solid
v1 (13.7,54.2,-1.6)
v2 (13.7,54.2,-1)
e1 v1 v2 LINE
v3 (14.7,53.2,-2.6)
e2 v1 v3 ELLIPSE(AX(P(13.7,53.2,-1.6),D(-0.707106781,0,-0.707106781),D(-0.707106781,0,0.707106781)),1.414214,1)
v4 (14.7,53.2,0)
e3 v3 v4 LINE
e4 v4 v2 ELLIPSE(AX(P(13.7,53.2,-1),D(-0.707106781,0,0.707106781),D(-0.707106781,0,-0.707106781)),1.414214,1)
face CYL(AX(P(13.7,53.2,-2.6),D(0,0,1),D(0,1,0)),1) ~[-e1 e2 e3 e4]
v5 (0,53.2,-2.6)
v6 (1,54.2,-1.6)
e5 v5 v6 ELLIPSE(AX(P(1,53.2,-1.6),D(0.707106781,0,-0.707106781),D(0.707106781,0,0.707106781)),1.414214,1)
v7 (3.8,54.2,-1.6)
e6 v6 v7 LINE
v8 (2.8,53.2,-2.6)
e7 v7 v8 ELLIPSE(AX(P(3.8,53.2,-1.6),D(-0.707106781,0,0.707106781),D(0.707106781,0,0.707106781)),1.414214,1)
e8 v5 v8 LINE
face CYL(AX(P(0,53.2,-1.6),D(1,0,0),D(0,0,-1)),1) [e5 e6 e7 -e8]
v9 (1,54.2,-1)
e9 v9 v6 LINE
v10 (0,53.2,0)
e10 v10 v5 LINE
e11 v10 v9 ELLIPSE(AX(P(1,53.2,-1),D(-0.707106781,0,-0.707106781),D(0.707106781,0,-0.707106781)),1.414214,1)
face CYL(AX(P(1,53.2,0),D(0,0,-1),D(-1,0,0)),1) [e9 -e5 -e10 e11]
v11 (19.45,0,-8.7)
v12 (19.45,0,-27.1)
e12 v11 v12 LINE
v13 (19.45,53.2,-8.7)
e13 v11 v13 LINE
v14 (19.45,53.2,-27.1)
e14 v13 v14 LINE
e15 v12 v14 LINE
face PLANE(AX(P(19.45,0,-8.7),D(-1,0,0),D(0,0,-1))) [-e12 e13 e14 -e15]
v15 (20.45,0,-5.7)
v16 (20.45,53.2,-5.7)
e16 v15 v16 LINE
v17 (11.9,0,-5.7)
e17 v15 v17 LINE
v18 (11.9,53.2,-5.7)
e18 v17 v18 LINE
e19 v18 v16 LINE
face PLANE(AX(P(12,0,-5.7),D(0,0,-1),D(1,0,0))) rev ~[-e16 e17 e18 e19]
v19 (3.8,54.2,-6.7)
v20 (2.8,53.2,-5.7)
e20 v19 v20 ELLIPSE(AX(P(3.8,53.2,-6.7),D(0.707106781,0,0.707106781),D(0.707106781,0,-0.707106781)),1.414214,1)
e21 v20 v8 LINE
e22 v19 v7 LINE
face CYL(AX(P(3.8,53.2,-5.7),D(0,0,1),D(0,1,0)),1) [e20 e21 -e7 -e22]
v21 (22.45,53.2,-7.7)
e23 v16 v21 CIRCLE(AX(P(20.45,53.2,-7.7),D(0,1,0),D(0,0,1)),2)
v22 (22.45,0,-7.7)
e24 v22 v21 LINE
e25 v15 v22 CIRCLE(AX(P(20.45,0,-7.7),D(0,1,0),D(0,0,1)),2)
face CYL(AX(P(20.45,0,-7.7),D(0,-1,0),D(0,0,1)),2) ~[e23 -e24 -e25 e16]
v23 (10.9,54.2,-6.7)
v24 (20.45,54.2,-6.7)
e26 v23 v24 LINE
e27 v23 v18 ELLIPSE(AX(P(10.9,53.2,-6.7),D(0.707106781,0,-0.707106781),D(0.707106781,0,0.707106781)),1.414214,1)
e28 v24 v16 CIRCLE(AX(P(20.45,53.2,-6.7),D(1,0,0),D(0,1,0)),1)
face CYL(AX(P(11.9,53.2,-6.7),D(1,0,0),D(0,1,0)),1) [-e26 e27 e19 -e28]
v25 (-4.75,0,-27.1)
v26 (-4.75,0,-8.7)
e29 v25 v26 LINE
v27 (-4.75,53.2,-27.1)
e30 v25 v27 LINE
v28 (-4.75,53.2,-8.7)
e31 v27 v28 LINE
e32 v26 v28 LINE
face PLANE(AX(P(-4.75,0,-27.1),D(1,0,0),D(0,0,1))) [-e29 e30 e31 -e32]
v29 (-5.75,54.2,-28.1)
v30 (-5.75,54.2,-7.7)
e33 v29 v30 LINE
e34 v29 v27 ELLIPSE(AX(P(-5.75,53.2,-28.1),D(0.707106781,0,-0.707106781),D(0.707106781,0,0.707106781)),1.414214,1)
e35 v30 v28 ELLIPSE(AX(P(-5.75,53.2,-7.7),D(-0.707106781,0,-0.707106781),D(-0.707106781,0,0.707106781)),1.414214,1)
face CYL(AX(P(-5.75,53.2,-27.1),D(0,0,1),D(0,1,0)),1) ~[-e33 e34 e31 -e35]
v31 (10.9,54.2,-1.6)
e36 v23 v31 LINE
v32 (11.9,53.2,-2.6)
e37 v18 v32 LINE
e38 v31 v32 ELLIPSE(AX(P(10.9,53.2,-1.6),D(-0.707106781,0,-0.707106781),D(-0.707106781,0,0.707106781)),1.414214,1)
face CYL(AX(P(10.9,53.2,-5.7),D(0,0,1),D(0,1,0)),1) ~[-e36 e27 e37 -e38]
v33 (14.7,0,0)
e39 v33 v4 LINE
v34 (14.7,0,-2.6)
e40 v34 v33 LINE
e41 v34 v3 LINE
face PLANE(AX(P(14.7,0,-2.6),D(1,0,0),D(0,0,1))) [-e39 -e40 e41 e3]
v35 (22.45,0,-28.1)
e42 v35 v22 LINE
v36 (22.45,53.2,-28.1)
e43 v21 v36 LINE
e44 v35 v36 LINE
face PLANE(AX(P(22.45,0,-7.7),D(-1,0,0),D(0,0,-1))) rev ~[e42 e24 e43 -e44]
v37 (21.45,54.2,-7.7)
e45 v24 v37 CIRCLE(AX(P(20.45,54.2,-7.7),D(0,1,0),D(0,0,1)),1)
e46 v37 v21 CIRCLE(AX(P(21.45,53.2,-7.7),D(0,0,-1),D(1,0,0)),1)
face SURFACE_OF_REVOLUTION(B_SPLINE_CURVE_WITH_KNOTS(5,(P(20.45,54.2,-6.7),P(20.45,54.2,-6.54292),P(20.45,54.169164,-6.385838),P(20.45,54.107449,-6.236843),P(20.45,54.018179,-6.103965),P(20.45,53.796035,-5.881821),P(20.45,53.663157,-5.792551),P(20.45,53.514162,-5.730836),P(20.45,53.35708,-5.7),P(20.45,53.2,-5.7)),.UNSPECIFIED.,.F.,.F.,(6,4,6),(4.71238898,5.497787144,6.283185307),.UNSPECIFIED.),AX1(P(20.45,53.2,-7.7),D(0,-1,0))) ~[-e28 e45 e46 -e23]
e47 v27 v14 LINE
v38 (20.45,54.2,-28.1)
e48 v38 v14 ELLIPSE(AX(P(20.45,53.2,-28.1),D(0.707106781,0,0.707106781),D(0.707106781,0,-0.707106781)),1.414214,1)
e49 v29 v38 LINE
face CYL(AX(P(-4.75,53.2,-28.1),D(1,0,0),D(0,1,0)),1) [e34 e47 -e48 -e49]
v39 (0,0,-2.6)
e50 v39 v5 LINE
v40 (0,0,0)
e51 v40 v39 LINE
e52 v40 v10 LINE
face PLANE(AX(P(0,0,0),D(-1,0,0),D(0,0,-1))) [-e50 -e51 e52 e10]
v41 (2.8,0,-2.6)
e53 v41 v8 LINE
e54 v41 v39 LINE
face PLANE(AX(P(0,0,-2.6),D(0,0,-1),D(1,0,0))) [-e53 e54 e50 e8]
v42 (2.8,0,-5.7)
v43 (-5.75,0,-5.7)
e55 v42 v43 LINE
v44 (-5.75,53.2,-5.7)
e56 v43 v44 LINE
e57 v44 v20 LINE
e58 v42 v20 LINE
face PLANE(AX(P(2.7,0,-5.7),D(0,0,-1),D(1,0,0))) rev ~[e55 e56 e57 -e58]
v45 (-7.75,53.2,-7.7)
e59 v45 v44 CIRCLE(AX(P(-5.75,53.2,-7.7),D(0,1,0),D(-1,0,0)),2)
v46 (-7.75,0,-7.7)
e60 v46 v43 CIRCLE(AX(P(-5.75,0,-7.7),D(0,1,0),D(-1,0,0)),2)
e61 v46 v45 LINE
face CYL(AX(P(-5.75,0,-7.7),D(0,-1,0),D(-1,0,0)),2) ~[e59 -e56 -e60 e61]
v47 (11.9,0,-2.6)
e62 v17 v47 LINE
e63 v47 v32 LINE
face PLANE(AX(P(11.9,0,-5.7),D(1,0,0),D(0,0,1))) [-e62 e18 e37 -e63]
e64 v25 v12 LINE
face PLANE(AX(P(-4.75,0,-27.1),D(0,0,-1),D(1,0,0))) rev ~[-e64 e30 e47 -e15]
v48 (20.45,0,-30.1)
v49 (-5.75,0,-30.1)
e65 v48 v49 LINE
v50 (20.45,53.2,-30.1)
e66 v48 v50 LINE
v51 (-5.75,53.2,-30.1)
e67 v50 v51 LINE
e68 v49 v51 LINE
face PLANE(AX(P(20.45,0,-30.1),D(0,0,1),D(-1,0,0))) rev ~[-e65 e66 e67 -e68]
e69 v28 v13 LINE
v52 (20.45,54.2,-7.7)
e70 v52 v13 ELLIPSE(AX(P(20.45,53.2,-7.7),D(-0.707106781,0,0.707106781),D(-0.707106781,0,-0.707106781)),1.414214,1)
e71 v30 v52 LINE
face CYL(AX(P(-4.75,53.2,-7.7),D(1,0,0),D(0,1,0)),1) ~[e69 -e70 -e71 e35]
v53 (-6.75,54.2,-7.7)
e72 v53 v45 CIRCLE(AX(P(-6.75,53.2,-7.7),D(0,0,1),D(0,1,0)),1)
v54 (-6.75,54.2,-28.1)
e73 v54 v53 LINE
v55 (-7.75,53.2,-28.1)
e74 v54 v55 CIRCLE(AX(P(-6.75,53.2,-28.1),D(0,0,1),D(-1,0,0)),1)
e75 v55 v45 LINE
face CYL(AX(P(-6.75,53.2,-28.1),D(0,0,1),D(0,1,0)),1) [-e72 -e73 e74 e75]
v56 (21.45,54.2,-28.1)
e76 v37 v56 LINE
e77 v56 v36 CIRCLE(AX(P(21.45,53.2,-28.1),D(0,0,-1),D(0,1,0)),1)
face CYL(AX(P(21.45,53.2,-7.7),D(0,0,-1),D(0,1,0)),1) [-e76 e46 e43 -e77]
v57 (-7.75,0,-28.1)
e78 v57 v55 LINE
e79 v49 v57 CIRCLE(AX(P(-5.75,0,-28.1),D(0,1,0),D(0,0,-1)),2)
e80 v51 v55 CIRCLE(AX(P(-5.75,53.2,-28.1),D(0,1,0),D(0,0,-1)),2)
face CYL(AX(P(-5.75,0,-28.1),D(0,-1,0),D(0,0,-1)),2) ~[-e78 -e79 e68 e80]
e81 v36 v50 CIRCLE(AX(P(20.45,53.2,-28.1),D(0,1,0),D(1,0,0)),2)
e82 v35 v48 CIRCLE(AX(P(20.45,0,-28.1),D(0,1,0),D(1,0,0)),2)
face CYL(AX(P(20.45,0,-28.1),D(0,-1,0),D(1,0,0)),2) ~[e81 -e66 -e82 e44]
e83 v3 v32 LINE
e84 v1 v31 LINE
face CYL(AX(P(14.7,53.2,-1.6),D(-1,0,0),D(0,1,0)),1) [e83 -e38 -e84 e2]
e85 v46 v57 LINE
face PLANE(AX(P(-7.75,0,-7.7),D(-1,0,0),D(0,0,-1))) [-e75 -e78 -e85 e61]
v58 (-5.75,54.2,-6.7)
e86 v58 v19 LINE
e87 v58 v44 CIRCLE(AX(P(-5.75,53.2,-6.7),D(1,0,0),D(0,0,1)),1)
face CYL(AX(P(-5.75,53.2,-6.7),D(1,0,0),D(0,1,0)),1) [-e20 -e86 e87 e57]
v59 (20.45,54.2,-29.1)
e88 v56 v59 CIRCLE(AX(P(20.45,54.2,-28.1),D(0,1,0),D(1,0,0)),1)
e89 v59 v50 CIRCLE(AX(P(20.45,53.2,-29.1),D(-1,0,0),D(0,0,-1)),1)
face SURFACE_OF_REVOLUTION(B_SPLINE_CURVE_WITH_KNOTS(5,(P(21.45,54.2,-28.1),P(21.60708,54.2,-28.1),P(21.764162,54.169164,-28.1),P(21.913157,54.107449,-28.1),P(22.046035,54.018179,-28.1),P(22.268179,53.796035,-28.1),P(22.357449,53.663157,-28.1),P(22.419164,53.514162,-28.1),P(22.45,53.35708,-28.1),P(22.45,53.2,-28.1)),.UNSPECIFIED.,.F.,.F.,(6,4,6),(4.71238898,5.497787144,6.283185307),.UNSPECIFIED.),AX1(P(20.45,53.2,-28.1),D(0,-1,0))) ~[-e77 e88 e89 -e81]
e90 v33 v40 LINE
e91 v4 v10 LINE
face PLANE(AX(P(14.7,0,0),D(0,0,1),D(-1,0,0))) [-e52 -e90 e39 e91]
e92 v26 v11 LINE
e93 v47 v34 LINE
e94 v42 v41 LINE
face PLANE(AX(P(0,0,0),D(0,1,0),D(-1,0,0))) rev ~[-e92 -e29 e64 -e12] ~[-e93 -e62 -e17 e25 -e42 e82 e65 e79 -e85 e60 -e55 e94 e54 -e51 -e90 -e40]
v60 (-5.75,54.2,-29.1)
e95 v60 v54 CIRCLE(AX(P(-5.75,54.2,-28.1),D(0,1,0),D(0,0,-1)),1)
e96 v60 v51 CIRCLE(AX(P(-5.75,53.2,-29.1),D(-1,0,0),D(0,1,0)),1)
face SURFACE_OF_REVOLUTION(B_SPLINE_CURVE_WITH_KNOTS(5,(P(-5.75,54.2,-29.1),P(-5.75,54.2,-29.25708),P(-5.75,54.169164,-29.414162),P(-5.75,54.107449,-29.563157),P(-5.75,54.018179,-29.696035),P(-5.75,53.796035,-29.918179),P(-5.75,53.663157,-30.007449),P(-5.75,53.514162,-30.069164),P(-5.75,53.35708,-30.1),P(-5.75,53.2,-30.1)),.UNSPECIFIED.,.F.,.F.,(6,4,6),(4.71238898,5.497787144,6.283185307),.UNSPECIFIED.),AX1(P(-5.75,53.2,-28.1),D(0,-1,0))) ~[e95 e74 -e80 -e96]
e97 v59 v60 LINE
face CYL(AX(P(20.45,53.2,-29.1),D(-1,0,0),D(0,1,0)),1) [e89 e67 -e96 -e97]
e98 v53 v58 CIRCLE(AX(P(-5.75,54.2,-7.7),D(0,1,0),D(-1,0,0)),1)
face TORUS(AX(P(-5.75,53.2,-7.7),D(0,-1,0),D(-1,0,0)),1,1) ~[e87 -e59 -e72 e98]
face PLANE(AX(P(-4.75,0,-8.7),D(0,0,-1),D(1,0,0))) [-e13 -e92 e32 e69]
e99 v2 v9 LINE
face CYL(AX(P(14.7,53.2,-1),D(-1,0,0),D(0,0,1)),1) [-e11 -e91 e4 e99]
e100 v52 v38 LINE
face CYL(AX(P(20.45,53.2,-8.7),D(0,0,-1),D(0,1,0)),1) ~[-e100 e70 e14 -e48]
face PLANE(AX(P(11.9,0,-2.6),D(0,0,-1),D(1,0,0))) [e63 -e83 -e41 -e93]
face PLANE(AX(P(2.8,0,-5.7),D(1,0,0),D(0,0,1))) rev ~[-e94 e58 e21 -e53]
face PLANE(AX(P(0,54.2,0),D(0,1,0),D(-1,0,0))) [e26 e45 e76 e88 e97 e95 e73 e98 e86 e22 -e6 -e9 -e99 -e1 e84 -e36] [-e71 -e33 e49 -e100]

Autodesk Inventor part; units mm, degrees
ref_plane "YZ Plane" through (0, 0, 0) normal (1, 0, 0) x (0, 1, 0)
ref_plane "XZ Plane" through (0, 0, 0) normal (0, 1, 0) x (-1, 0, 0)
ref_plane "XY Plane" through (0, 0, 0) normal (0, 0, 1) x (1, 0, 0)
sketch "Boceto1" plane through (0, 0, 0) normal (0, 1, 0) x (-1, 0, 0)
  line L0 (0, 0) -> (0, -2.6)
  line L1 (0, -2.6) -> (-2.7, -2.6)
  line L2 (-2.7, -2.6) -> (-2.7, -5.7)
  line L3 (-2.7, -5.7) -> (-12, -5.7)
  line L4 (-12, -5.7) -> (-12, -2.6)
  line L5 (-12, -2.6) -> (-14.7, -2.6)
  line L6 (-14.7, -2.6) -> (-14.7, 0)
  line L7 (-14.7, 0) -> (0, 0)
  line L8 (-12, -5.7) -> (-11.9, -5.7)
  line L9 (-11.9, -5.7) -> (-11.9, -2.6)
  line L10 (-11.9, -2.6) -> (-12, -2.6)
  line L11 (-12, -2.6) -> (-12, -5.7)
  line L12 (-2.7, -5.7) -> (-2.8, -5.7)
  line L13 (-2.8, -5.7) -> (-2.8, -2.6)
  line L14 (-2.8, -2.6) -> (-2.7, -2.6)
  line L15 (-2.7, -2.6) -> (-2.7, -5.7)
  line L16 (-2.7, -5.7) -> (4.75, -5.7)
  line L17 (-2.7, -5.7) -> (4.75, -5.7) construction
  line L18 (-12, -5.7) -> (-19.45, -5.7)
  line L19 (-12, -5.7) -> (-4.55, -5.7) construction
  line L20 (4.75, -5.7) -> (5.75, -5.7)
  line L21 (7.75, -7.7) -> (7.75, -8.7)
  line L22 (7.75, -8.7) -> (4.75, -8.7)
  line L23 (4.75, -8.7) -> (4.75, -5.7)
  line L24 (-19.45, -5.7) -> (-20.45, -5.7)
  line L25 (-22.45, -7.7) -> (-22.45, -8.7)
  line L26 (-22.45, -8.7) -> (-19.45, -8.7)
  line L27 (-19.45, -8.7) -> (-19.45, -5.7)
  line L28 (4.75, -8.7) -> (-19.45, -8.7)
  line L29 (4.75, -8.7) -> (7.75, -8.7)
  line L30 (7.75, -8.7) -> (7.75, -27.1)
  line L31 (7.75, -27.1) -> (4.75, -27.1)
  line L32 (4.75, -27.1) -> (4.75, -8.7)
  line L33 (-22.45, -8.7) -> (-19.45, -8.7)
  line L34 (-19.45, -8.7) -> (-19.45, -27.1)
  line L35 (-19.45, -27.1) -> (-22.45, -27.1)
  line L36 (-22.45, -27.1) -> (-22.45, -8.7)
  line L37 (7.75, -27.1) -> (-22.45, -27.1)
  line L38 (-22.45, -27.1) -> (-22.45, -28.1)
  line L39 (-20.45, -30.1) -> (5.75, -30.1)
  line L40 (7.75, -28.1) -> (7.75, -27.1)
  arc A0 (7.75, -7.7) -> (5.75, -5.7) centre (5.75, -7.7) ccw
  arc A1 (5.75, -30.1) -> (7.75, -28.1) centre (5.75, -28.1) ccw
  arc A2 (-22.45, -28.1) -> (-20.45, -30.1) centre (-20.45, -28.1) ccw
  arc A3 (-20.45, -5.7) -> (-22.45, -7.7) centre (-20.45, -7.7) ccw
  point P0 (-7.35, -5.7)
  point P1 (7.75, -5.7)
  point P2 (-22.45, -5.7)
  point P3 (-22.45, -30.1)
  point P4 (7.75, -30.1)
  dimension "d0" = 2.6
  dimension "d1" = 2.7
  dimension "d2" = 3.1
  dimension "d3" = 2.7
  dimension "d4" = 9.3
  dimension "d5" = 0.1
  dimension "d6" = 0.1
  dimension "d7" = 0
  dimension "d8" = 12.1
  dimension "d9" = 180
  dimension "d10" = 12.1
  dimension "d11" = 3
  dimension "d12" = 3
  dimension "d13" = 3
  dimension "d14" = 3
  dimension "d15" = 18.4
  dimension "d16" = 3
  dimension "d17" = 3
  dimension "d18" = 3
  dimension "d19" = 30.2
  dimension "d20" = 2
extrude "Extrusión1" add sketch "Boceto1" along normal blind 54.2 contours L0 L1 L14 L13 L3 L9 L10 L5 L6 L7 | L16 L23 L28 L27 L18 L3 | L20 A0 L21 L22 L23 | L22 L30 L31 L32 | L27 L26 L25 A3 L24 | L34 L35 L36 L26 | L31 L40 A1 L39 A2 L38 L35 L37
fillet "Empalme1" radius 1 20 edges at (-4.75, 54.2, -17.9) (-7.1642, 54.2, -29.5142) (-7.75, 54.2, -8.2) (-7.1642, 54.2, -6.2858) (2.75, 54.2, -5.7) (21.8642, 54.2, -29.5142) (22.45, 54.2, -8.2) (21.8642, 54.2, -6.2858) (11.95, 54.2, -5.7) (7.35, 54.2, -30.1) (7.35, 54.2, -27.1) (19.45, 54.2, -17.9) (7.35, 54.2, -8.7) (11.9, 54.2, -4.15) (2.8, 54.2, -4.15) (1.35, 54.2, -2.6) (0, 54.2, -1.3) (7.35, 54.2, 0) (14.7, 54.2, -1.3) (13.35, 54.2, -2.6)
properties part number "cajaBuck"
